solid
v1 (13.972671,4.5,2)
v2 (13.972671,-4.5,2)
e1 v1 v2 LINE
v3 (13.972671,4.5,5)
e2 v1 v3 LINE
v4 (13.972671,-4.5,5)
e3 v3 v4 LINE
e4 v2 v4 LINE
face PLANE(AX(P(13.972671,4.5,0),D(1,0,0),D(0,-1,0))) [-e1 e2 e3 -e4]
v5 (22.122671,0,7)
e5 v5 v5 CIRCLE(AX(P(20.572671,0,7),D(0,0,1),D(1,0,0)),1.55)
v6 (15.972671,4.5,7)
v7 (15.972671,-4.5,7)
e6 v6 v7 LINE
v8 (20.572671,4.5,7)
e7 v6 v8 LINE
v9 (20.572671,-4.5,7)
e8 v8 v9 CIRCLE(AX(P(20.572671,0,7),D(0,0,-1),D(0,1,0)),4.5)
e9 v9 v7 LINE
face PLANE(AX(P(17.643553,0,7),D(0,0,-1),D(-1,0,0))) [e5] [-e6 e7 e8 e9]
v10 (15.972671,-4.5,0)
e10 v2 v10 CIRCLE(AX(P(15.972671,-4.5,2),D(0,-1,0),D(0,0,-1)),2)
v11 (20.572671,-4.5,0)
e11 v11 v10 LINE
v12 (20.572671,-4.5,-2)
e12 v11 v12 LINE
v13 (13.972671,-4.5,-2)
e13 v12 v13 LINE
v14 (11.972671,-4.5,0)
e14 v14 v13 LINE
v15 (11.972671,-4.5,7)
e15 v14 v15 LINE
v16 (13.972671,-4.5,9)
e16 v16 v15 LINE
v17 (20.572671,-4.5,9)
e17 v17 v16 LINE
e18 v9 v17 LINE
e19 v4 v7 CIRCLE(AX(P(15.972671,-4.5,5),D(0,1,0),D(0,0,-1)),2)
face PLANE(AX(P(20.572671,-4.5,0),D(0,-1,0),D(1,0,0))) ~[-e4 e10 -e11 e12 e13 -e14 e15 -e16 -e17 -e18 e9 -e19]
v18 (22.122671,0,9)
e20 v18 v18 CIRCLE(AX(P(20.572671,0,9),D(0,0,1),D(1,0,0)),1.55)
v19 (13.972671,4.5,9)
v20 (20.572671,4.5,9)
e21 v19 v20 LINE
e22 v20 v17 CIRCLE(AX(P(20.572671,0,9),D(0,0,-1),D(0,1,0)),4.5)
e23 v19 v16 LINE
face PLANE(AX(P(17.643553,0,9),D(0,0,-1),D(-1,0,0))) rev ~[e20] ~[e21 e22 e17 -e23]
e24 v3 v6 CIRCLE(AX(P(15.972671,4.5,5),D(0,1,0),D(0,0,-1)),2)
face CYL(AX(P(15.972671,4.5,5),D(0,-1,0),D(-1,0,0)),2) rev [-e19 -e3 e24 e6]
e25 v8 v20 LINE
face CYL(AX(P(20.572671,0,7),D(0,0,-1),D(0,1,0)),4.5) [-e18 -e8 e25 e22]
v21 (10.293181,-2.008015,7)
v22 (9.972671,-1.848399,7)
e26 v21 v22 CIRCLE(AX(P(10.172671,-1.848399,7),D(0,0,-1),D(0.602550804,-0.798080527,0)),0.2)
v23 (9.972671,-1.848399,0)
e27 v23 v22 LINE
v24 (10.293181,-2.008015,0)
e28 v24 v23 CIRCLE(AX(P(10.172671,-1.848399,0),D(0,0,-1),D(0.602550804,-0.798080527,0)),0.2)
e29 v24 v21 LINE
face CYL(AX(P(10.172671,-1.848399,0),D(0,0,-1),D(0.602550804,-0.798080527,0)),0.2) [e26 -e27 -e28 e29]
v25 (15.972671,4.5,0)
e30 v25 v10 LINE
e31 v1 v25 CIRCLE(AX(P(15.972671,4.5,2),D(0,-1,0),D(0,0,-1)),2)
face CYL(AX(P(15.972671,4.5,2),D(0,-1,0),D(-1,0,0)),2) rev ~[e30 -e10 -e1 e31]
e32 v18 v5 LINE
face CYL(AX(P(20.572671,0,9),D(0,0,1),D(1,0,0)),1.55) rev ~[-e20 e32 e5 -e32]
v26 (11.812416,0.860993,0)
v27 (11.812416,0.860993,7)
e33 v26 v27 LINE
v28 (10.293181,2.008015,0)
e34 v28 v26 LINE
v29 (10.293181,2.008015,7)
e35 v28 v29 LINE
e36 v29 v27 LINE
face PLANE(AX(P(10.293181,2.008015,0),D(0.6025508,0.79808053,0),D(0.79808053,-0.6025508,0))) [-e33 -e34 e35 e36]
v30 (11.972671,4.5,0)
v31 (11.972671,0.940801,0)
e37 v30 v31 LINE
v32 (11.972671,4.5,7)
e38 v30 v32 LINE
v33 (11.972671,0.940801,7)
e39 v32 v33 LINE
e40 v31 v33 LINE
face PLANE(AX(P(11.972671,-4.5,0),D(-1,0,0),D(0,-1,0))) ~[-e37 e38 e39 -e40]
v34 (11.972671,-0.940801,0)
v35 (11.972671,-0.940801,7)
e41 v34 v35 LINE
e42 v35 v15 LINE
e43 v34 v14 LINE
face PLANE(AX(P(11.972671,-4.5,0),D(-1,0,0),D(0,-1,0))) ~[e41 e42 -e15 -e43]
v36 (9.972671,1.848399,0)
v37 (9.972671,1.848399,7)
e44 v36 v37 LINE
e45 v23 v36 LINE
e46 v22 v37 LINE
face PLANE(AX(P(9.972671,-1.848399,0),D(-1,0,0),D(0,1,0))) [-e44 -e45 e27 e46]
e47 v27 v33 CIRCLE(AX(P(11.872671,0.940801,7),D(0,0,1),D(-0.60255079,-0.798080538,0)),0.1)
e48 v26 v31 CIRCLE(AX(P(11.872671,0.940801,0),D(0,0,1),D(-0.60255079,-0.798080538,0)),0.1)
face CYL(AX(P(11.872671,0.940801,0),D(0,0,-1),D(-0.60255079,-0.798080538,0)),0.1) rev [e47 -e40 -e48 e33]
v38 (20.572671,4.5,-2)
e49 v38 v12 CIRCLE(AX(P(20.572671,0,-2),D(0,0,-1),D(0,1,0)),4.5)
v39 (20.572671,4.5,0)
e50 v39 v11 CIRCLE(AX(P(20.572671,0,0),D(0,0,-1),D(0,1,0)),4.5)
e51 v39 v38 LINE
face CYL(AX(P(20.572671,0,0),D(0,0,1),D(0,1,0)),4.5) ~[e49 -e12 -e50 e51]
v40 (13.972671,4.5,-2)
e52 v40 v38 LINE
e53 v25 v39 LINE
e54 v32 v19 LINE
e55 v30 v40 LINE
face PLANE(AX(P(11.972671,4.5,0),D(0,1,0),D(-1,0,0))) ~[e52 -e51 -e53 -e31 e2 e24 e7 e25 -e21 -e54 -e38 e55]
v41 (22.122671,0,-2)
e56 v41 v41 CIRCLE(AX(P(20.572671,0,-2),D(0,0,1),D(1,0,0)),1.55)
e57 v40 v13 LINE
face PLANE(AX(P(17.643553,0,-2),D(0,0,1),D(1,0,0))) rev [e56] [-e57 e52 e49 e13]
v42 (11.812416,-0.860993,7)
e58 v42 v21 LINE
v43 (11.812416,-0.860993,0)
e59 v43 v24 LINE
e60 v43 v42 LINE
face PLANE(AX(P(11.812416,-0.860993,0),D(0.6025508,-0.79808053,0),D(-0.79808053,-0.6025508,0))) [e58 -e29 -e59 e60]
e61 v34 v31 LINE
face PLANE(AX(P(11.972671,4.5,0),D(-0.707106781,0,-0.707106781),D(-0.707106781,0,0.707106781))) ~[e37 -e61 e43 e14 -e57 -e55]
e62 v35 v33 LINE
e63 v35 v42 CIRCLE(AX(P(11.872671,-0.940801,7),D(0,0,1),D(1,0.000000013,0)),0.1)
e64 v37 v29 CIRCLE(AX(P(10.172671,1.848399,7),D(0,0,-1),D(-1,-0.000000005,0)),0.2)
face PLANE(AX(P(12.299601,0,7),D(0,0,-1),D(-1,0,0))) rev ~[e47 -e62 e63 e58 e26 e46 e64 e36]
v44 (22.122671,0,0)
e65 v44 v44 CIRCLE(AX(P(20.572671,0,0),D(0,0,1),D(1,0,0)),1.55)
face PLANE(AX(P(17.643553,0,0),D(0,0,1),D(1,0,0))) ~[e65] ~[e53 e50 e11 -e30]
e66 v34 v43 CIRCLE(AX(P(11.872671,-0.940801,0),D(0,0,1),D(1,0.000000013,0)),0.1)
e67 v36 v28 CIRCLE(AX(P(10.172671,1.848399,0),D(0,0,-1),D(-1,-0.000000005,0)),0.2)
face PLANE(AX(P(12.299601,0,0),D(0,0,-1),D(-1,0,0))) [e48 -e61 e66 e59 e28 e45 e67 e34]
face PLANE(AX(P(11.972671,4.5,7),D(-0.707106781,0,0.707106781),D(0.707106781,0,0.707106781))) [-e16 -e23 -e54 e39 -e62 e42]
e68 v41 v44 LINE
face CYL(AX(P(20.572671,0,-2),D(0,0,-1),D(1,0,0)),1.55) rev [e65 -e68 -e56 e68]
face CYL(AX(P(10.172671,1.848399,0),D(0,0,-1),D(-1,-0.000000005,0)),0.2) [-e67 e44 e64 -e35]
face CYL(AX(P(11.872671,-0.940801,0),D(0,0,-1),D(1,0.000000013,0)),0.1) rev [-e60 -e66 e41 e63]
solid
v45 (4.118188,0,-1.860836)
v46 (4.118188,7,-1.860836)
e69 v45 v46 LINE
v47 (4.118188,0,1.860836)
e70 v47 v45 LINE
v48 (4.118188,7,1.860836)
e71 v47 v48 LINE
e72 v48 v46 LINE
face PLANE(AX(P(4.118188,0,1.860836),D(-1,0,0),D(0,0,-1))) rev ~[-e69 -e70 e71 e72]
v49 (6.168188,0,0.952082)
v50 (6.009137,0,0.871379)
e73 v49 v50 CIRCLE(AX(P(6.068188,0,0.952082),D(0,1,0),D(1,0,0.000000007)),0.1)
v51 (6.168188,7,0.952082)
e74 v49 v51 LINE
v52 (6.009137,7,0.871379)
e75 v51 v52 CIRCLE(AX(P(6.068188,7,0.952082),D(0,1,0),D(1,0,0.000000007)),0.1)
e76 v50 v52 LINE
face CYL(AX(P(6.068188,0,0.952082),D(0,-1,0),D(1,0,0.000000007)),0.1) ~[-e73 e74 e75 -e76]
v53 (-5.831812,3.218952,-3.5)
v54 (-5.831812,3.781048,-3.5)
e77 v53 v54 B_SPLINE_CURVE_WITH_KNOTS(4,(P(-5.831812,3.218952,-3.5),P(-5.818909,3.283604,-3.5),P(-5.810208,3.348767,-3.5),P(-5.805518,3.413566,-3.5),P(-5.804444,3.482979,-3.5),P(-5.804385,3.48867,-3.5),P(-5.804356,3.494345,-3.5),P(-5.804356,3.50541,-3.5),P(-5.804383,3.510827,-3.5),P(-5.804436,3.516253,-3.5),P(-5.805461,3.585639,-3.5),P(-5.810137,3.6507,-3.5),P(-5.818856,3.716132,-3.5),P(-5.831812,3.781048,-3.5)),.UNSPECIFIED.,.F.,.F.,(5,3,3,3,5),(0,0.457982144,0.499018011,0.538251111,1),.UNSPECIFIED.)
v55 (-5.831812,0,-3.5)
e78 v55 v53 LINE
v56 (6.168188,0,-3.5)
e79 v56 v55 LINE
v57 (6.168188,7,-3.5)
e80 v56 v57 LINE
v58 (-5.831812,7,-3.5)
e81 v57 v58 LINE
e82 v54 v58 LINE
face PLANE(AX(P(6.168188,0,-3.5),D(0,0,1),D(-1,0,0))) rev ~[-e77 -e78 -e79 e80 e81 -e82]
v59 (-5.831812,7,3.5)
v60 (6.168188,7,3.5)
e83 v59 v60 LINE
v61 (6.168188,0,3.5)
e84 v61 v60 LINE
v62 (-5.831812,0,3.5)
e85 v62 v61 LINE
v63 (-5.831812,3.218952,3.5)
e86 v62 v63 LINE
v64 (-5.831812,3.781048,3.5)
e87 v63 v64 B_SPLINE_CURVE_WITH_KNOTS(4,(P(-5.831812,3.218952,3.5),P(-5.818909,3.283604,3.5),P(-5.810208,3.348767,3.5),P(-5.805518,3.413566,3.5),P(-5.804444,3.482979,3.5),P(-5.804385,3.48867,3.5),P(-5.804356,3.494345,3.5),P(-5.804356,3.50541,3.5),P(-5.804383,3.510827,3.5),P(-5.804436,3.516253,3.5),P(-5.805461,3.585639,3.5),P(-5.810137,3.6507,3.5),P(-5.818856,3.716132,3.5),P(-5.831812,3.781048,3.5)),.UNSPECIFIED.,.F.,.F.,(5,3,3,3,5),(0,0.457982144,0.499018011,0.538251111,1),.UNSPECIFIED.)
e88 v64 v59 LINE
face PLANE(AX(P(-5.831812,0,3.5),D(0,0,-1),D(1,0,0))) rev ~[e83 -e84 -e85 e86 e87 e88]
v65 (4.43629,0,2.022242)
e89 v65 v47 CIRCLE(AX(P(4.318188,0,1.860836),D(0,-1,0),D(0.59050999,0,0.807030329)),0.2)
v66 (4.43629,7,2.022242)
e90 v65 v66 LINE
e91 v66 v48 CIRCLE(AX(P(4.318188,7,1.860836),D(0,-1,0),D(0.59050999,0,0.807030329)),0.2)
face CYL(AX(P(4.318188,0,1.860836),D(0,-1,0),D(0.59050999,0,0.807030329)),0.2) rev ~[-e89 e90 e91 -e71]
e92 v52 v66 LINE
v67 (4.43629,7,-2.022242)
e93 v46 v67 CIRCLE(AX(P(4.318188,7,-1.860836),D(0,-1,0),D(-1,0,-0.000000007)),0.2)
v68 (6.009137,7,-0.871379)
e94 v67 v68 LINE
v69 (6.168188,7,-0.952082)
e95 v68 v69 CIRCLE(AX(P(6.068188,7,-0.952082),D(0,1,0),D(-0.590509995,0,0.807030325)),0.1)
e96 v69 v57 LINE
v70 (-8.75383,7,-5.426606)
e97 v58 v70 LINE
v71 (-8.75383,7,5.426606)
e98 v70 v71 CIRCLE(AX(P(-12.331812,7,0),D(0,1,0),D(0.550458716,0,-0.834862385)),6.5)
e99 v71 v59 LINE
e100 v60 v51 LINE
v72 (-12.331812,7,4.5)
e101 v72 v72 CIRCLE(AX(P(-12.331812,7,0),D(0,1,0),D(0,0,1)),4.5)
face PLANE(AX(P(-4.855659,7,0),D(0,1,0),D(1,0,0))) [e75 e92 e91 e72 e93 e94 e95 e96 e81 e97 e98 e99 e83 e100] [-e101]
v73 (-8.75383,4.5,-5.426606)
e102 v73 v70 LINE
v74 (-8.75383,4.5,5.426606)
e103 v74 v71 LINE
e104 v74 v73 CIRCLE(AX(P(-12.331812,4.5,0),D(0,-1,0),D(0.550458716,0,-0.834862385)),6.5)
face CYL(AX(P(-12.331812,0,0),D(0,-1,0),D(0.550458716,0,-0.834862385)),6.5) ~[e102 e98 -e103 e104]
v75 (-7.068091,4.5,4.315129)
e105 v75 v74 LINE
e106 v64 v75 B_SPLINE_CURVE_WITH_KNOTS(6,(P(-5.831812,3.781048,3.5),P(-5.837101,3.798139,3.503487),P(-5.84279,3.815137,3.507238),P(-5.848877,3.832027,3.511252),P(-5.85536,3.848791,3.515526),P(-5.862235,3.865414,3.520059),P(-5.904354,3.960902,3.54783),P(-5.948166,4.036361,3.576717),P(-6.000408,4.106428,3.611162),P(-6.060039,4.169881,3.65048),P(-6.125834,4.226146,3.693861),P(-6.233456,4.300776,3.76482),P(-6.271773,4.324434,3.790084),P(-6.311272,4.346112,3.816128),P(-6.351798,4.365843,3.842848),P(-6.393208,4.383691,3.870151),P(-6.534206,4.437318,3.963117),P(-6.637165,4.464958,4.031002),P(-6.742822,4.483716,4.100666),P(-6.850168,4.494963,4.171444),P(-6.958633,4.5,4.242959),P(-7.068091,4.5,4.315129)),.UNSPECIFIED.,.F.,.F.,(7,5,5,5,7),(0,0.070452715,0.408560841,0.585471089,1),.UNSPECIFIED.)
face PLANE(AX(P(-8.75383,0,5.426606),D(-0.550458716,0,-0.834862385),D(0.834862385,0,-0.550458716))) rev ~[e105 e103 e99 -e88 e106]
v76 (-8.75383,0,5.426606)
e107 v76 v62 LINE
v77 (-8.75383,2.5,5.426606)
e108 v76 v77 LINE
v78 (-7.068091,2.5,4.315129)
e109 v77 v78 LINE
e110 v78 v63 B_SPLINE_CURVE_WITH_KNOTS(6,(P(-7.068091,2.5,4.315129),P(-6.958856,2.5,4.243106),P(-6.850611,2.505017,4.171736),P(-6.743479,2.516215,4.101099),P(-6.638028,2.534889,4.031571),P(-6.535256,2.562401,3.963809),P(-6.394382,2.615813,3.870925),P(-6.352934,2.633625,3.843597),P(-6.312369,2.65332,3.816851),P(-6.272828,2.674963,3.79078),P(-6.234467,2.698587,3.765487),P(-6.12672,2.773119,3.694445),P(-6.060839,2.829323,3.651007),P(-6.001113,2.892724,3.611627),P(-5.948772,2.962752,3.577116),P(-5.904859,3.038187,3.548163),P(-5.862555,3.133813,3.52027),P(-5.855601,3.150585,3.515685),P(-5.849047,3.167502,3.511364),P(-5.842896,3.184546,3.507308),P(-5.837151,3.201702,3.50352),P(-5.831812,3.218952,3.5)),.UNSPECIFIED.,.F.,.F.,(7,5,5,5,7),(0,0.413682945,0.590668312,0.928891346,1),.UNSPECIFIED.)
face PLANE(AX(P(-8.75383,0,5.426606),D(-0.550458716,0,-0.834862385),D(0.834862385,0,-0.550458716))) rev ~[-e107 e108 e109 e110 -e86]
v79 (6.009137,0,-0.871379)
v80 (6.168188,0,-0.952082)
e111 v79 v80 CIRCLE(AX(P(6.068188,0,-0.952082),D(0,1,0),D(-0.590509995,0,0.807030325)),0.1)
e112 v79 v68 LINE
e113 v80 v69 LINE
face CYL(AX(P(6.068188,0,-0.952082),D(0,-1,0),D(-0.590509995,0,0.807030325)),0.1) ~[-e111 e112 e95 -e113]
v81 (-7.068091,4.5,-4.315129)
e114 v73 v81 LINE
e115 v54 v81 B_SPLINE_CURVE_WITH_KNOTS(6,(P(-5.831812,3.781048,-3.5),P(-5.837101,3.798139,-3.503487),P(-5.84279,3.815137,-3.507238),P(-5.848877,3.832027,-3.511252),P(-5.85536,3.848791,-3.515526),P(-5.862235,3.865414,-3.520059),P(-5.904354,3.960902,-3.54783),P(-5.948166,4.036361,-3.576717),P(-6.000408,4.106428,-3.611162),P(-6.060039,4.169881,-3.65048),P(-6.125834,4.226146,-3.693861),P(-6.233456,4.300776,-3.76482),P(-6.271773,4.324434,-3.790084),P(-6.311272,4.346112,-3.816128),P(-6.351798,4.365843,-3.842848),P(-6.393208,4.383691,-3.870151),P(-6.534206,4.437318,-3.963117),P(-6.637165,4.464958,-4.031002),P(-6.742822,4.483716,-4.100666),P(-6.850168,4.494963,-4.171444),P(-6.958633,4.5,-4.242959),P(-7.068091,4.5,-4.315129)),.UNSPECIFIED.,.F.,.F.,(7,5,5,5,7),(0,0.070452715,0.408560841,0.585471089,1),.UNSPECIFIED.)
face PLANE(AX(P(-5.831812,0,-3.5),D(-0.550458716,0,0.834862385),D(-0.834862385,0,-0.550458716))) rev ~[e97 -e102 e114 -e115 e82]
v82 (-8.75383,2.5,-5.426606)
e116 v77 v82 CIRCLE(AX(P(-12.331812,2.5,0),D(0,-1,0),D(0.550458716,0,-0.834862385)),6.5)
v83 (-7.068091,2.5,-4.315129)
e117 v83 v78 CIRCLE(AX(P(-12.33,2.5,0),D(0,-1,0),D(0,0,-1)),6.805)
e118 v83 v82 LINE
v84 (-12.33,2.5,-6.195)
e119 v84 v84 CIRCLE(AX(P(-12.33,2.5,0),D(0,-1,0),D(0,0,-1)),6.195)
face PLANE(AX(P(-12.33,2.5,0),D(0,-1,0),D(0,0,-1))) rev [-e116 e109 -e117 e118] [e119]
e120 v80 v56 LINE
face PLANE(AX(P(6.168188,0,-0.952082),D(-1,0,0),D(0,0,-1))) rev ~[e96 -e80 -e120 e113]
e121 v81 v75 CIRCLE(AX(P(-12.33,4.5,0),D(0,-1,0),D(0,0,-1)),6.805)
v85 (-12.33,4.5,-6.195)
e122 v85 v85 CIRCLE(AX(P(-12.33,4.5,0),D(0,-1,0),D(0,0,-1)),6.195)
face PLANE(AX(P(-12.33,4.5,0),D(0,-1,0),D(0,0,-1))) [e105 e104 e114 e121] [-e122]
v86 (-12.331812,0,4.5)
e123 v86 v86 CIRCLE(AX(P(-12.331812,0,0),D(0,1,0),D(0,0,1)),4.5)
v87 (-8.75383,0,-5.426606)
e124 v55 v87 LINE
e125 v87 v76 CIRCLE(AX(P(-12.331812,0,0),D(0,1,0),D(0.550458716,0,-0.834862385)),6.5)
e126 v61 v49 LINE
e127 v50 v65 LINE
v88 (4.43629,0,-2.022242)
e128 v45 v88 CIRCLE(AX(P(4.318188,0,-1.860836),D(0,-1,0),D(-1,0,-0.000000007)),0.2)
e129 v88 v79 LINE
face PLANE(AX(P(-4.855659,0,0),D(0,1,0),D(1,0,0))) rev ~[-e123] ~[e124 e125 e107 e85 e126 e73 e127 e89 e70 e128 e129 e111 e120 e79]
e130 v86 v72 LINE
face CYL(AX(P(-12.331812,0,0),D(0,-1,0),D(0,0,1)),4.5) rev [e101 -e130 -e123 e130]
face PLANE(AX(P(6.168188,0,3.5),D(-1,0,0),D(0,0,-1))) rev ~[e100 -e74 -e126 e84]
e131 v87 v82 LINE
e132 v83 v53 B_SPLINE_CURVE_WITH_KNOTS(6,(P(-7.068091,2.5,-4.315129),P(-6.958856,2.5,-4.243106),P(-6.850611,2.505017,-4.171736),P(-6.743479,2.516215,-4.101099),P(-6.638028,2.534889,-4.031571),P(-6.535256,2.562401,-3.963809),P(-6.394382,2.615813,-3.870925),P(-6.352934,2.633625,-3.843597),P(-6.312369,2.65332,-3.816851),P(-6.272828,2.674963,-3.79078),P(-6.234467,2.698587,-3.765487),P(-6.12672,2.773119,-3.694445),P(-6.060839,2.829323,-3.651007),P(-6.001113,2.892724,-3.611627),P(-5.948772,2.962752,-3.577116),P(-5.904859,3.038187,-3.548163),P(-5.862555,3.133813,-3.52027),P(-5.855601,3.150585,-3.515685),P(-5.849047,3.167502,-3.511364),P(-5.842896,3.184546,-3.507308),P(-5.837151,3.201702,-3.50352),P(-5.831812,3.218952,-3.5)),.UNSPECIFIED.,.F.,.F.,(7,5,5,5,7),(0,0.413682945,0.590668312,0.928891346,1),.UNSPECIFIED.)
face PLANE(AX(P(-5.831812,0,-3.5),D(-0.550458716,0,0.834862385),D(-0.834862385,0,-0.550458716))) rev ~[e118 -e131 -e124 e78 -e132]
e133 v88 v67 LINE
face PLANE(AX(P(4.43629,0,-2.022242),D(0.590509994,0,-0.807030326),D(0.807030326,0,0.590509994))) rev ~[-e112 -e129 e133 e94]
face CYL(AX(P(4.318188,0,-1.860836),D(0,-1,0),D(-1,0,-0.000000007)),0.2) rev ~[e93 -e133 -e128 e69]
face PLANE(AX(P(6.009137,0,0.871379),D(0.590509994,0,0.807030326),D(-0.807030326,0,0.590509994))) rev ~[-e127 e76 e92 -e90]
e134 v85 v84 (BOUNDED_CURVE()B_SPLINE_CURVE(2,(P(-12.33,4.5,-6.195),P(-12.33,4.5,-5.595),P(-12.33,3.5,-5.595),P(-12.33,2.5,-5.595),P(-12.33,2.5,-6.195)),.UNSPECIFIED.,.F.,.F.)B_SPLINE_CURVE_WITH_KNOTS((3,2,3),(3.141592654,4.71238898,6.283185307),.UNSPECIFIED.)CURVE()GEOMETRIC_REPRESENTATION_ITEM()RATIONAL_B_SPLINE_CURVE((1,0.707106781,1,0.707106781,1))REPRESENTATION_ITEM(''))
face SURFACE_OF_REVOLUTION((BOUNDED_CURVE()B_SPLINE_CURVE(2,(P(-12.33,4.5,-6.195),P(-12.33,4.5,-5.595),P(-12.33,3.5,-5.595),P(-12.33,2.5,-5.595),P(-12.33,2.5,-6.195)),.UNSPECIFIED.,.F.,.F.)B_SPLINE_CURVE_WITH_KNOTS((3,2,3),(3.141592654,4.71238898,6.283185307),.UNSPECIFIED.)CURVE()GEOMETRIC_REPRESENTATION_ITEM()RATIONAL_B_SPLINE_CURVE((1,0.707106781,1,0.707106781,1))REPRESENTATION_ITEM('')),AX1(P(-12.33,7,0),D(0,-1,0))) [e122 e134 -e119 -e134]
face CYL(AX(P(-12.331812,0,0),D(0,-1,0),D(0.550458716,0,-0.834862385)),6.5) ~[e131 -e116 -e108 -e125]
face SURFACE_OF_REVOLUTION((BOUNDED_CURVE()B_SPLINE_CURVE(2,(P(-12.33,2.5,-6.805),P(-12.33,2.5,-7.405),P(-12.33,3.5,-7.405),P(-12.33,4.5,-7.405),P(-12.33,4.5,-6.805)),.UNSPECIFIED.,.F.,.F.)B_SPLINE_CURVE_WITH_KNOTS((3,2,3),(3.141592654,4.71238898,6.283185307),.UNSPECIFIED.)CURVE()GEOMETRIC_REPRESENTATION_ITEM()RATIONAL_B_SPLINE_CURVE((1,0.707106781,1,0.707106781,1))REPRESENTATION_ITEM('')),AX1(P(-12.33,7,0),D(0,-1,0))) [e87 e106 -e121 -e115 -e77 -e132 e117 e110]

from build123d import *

# Parameters (mm, degrees)
SKETCH2_R            = 4.5
BOSS_EXTRUDE3_DEPTH  = 7
BOSS_EXTRUDE4_DEPTH  = 7
BOSS_EXTRUDE10_DEPTH = 2
CUT_EXTRUDE6_DEPTH   = 29.118300343
FILLET4_R            = 2
SKETCH18_R           = 1.55
CUT_EXTRUDE7_DEPTH   = 2
FILLET6_R            = 2


with BuildPart() as part:
    # Sketch2 → Boss-Extrude3 (new body)
    with BuildSketch(Plane(origin=(0, 0, 0), x_dir=(1, 0, 0), z_dir=(0, 1, 0))):
        with BuildLine():
            Line((6.168188074, -3.5), (6.168188074, -0.952081813))
            ThreePointArc((6.168188074, -0.952081813), (6.113436832, -0.862904742), (6.009137075, -0.87137878))
            Line((6.009137075, -0.87137878), (4.436290073, -2.02224244))
            ThreePointArc((4.436290073, -2.02224244), (4.22769056, -2.039190516), (4.118188074, -1.860836375))
            Line((4.118188074, -1.860836375), (4.118188074, 1.860836375))
            ThreePointArc((4.118188074, 1.860836375), (4.22769056, 2.039190516), (4.436290073, 2.02224244))
            Line((4.436290073, 2.02224244), (6.009137075, 0.87137878))
            ThreePointArc((6.009137075, 0.87137878), (6.113436832, 0.862904742), (6.168188074, 0.952081813))
            Line((6.168188074, 0.952081813), (6.168188074, 3.5))
            Line((6.168188074, 3.5), (-5.831811926, 3.5))
            Line((-5.831811926, 3.5), (-8.753830274, 5.426605505))
            ThreePointArc((-8.753830274, 5.426605505), (-18.831811926, 0), (-8.753830274, -5.426605505))
            Line((-8.753830274, -5.426605505), (-5.831811926, -3.5))
            Line((-5.831811926, -3.5), (6.168188074, -3.5))
        make_face()
        with Locations(Location((-12.331811926, 0, 0), (0, 0, 270))):
            Circle(SKETCH2_R, mode=Mode.SUBTRACT)
    extrude(amount=BOSS_EXTRUDE3_DEPTH)

    # Sketch19 → Cut-Revolve1 (revolve, cut)
    with BuildSketch(Plane(origin=(-12.33, -4.465182267, -12.793633871), x_dir=(0, 1, 0), z_dir=(1, 0, 0))):
        with BuildLine():
            Line((6.965182267, 6.598633871), (6.965182267, 5.988633871))
            add(Edge.make_bspline(
                [(6.965182267, 5.988633871), (6.965182267, 5.388633871), (7.965182267, 5.388633871), (8.965182267, 5.388633871), (8.965182267, 5.988633871)],
                knots=[3.141592654, 3.141592654, 3.141592654, 4.71238898, 4.71238898, 6.283185307, 6.283185307, 6.283185307], degree=2, weights=[1, 0.707106781, 1, 0.707106781, 1]))
            Line((8.965182267, 5.988633871), (8.965182267, 6.598633871))
            add(Edge.make_bspline(
                [(8.965182267, 6.598633871), (8.965182267, 7.198633871), (7.965182267, 7.198633871), (6.965182267, 7.198633871), (6.965182267, 6.598633871)],
                knots=[3.141592654, 3.141592654, 3.141592654, 4.71238898, 4.71238898, 6.283185307, 6.283185307, 6.283185307], degree=2, weights=[1, 0.707106781, 1, 0.707106781, 1]))
        make_face()
    revolve(axis=Axis((-12.33, 7, 0), (0, -1, 0)), mode=Mode.SUBTRACT)


with BuildPart() as body_2:
    # Sketch3 → Boss-Extrude4 (new body)
    with BuildSketch(Plane.XY):
        with BuildLine():
            Line((9.972670663, -1.848398723), (9.972670663, 1.848398723))
            ThreePointArc((9.972670663, 1.848398723), (10.083513588, 2.027426699), (10.293180823, 2.008014829))
            Line((10.293180823, 2.008014829), (11.812415583, 0.860992585))
            ThreePointArc((11.812415583, 0.860992585), (11.9172492, 0.851286651), (11.972670663, 0.940800638))
            Line((11.972670663, 0.940800638), (11.972670663, 4.5))
            Line((11.972670663, 4.5), (13.972670663, 4.5))
            Line((13.972670663, 4.5), (13.972670663, -4.5))
            Line((13.972670663, -4.5), (11.972670663, -4.5))
            Line((11.972670663, -4.5), (11.972670663, -0.940800638))
            ThreePointArc((11.972670663, -0.940800638), (11.9172492, -0.851286651), (11.812415583, -0.860992585))
            Line((11.812415583, -0.860992585), (10.293180823, -2.008014829))
            ThreePointArc((10.293180823, -2.008014829), (10.083513588, -2.027426699), (9.972670663, -1.848398723))
        make_face()
    extrude(amount=BOSS_EXTRUDE4_DEPTH)

    # Sketch15 → Boss-Extrude10 (add)
    with BuildSketch(Plane.XY.offset(7)):
        with BuildLine():
            Line((11.972670663, 4.5), (20.572670663, 4.5))
            ThreePointArc((20.572670663, 4.5), (25.072670663, 0), (20.572670663, -4.5))
            Line((20.572670663, -4.5), (11.972670663, -4.5))
            Line((11.972670663, -4.5), (11.972670663, 4.5))
        make_face()
    boss_extrude10 = extrude(amount=BOSS_EXTRUDE10_DEPTH)

    # Sketch16 → Cut-Extrude6 (cut, through all)
    with BuildSketch(Plane(origin=(0, 4.5, 0), x_dir=(1, 0, 0), z_dir=(0, 1, 0))):
        Polygon((11.972670663, -7), (13.972670663, -9), (11.972670663, -9), align=None)
    cut_extrude6 = extrude(amount=-CUT_EXTRUDE6_DEPTH, mode=Mode.SUBTRACT)

    # Fillet4
    fillet4_edges = [body_2.edges().sort_by_distance(p)[0] for p in [
        (13.972670663, 0, 7),
    ]]
    fillet(fillet4_edges, radius=FILLET4_R)

    # Sketch18 → Cut-Extrude7 (cut)
    with BuildSketch(Plane.XY.offset(9)):
        with Locations((20.572670663, 0)):
            Circle(SKETCH18_R)
    cut_extrude7 = extrude(amount=-CUT_EXTRUDE7_DEPTH, mode=Mode.SUBTRACT)

    # Mirror7: Boss-Extrude10, Cut-Extrude6, Cut-Extrude7 across plane
    add(boss_extrude10.mirror(Plane.XY.offset(3.5)))
    add(cut_extrude6.mirror(Plane.XY.offset(3.5)), mode=Mode.SUBTRACT)
    add(cut_extrude7.mirror(Plane.XY.offset(3.5)), mode=Mode.SUBTRACT)

    # Fillet6
    fillet6_edges = [body_2.edges().sort_by_distance(p)[0] for p in [
        (13.972670663, 0, 0),
    ]]
    fillet(fillet6_edges, radius=FILLET6_R)


solid = Compound([part.part, body_2.part])
